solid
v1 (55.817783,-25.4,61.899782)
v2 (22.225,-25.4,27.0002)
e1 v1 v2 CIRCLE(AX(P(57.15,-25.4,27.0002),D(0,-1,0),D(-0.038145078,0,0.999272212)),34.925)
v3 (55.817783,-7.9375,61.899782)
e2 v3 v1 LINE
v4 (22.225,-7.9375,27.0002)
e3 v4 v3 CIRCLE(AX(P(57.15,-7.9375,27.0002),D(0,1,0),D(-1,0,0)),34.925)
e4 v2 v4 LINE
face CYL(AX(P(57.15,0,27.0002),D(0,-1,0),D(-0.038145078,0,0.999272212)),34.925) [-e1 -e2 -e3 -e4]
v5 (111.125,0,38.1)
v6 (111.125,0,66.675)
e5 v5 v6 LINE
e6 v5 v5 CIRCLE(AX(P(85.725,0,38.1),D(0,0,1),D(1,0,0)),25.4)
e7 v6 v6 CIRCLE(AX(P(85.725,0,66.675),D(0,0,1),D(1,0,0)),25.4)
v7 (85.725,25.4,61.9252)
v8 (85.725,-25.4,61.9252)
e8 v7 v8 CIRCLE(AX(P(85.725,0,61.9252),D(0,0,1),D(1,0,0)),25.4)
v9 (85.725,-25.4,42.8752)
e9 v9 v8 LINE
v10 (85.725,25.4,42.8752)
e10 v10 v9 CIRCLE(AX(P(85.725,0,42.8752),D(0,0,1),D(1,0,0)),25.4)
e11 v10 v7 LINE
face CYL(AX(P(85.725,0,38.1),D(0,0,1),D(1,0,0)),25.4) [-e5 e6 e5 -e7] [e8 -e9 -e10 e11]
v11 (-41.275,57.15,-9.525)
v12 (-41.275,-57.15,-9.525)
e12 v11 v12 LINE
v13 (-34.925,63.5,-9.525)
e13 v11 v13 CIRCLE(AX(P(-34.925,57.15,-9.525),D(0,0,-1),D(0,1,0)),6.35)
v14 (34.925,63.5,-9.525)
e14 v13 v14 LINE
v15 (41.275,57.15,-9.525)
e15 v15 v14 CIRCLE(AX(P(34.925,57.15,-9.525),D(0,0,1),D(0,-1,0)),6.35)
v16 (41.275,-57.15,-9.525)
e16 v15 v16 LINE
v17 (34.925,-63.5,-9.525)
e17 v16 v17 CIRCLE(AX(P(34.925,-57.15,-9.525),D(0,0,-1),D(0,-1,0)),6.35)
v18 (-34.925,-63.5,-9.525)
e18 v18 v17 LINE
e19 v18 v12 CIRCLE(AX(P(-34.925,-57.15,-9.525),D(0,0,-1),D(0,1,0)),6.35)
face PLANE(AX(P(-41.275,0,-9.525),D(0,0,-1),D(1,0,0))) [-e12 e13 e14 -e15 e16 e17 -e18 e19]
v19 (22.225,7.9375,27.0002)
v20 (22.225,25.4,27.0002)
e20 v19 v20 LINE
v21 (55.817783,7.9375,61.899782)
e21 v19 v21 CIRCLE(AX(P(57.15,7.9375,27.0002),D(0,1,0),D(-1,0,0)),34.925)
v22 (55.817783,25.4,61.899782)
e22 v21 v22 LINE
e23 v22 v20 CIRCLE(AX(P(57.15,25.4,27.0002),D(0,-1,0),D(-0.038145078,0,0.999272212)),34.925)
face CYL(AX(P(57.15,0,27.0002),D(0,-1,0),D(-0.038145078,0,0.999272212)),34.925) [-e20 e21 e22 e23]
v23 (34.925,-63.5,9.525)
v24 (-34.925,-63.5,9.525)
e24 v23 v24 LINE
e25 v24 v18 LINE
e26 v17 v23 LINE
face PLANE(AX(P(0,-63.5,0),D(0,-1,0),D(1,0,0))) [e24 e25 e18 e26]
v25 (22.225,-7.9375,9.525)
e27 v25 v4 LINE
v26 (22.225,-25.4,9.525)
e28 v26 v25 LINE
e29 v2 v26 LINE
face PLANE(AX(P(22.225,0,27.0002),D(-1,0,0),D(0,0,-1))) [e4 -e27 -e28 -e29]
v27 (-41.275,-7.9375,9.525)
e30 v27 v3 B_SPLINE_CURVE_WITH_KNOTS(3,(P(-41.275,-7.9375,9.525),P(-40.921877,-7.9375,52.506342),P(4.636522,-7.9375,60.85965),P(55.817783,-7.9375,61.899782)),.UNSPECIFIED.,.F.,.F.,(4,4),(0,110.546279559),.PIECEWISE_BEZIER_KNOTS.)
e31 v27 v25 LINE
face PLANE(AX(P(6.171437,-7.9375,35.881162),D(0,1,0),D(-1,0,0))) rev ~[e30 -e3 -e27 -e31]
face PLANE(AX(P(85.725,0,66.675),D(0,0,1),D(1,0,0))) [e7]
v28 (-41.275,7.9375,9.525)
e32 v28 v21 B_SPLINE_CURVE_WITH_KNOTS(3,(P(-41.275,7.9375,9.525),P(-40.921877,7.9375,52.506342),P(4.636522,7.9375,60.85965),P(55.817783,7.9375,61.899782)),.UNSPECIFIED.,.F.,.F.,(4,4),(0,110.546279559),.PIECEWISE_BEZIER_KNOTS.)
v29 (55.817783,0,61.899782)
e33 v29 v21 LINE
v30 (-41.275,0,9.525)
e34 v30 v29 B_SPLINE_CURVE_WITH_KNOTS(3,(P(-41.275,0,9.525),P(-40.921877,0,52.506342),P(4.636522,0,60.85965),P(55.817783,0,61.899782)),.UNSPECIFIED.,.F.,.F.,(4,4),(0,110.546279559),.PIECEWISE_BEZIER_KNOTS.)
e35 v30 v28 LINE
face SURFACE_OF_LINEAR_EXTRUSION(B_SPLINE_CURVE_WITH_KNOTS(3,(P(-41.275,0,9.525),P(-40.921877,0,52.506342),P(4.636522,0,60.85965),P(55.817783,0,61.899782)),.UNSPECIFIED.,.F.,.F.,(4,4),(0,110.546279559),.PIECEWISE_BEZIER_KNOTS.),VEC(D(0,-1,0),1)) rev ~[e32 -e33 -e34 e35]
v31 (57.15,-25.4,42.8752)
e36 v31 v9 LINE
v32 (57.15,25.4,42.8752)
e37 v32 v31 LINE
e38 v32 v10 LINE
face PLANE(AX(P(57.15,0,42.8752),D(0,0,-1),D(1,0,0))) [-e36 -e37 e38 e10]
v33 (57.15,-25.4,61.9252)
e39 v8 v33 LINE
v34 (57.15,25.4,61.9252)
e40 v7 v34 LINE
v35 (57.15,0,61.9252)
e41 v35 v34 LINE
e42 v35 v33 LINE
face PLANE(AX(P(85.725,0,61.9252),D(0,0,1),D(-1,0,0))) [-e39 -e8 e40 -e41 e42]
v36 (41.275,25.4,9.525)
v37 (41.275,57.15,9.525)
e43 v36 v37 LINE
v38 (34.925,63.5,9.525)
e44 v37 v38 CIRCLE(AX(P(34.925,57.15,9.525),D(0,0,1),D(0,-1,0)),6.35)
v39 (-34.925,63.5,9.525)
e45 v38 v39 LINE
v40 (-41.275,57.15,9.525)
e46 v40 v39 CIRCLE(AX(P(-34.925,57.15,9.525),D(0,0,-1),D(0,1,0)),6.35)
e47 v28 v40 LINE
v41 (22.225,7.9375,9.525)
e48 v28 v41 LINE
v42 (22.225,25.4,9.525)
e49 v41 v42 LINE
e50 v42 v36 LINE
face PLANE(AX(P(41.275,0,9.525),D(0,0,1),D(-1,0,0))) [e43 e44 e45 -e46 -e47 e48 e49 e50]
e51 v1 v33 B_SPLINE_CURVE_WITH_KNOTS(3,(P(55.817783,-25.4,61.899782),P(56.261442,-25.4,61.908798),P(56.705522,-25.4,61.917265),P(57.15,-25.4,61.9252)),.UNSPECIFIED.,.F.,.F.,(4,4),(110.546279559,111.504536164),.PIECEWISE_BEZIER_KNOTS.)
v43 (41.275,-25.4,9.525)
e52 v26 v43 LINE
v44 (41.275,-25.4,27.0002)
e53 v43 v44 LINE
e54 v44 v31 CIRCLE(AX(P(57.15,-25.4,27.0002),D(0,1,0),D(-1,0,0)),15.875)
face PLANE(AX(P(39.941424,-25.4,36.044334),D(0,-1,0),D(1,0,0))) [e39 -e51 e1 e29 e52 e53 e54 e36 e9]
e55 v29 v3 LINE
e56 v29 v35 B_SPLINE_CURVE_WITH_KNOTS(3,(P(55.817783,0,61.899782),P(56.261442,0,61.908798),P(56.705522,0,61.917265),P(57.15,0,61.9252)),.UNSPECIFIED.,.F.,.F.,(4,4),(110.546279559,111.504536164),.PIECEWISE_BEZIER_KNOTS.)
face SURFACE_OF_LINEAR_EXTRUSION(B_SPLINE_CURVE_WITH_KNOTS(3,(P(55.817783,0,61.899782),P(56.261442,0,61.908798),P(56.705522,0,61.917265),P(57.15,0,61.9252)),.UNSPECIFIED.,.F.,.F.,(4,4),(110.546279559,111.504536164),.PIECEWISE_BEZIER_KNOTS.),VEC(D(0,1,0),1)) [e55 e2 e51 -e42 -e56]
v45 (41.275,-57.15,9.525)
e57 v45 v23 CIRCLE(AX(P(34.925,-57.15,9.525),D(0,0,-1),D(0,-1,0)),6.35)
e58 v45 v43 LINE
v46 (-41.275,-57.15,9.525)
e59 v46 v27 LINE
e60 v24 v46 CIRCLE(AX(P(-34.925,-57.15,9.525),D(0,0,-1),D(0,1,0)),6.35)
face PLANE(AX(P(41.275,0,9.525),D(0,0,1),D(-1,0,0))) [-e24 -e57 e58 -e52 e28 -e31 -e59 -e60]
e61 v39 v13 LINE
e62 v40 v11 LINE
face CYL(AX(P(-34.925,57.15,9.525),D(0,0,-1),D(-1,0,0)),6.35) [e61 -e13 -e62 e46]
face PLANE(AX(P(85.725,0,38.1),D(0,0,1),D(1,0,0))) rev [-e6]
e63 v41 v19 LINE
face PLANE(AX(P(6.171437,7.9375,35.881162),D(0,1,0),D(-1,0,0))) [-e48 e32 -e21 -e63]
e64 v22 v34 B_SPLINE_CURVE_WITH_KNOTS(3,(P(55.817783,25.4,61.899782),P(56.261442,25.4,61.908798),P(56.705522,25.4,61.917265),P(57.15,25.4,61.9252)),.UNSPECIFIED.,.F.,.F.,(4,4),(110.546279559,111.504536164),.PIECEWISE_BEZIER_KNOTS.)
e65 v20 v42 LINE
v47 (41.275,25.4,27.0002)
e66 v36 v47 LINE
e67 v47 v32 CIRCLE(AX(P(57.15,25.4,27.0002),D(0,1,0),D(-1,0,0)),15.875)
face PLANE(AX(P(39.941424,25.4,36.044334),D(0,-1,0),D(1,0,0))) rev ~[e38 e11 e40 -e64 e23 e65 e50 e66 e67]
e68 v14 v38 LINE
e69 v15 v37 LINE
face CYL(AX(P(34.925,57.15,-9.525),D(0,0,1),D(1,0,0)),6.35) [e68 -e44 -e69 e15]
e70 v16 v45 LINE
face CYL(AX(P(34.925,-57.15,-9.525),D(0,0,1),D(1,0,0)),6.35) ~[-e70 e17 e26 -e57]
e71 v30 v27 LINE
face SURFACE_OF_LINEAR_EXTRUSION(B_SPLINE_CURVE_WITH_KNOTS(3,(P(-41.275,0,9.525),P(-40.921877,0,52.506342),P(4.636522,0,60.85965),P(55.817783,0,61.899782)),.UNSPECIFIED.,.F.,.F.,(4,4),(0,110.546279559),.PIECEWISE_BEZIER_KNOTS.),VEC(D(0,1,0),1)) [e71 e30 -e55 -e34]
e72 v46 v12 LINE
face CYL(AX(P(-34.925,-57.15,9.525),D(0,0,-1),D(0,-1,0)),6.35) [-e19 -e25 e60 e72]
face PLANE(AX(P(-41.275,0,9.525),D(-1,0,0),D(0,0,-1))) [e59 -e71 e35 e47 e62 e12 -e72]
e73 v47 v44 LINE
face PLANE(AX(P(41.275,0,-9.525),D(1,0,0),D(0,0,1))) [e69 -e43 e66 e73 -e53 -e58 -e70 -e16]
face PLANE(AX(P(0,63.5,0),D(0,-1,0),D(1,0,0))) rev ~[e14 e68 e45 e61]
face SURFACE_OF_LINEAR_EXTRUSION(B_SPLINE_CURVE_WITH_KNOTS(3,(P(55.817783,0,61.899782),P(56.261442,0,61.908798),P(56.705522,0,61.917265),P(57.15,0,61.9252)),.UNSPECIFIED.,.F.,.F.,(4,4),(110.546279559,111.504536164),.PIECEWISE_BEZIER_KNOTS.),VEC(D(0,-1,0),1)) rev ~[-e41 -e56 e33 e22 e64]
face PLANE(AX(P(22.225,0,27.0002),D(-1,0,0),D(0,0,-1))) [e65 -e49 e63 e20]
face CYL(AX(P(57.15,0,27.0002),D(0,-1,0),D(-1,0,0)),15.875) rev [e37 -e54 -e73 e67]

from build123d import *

# Parameters (mm, degrees)
F1_DEPTH = 63.5
F0_W     = 25.4
F0_H     = 19.05
F2_DEPTH = 25.4
F3_DEPTH = 7.9375
F4_DEPTH = 25.4
F6_R     = 6.35


with BuildPart() as f1:
    # F0 (on Front) → F1 (new body, symmetric)
    with BuildSketch(Plane.XZ):
        Polygon((-41.275, 9.525), (-41.275, -9.525), (41.275, -9.525), (41.275, 9.525), (22.225, 9.525), align=None)
    extrude(amount=F1_DEPTH, both=True)

    # F0 (on Front) → F2 (join, symmetric)
    with BuildSketch(Plane.XZ):
        with BuildLine():
            Line((22.225, 9.525), (41.275, 9.525))
            Line((41.275, 9.525), (41.275, 27.0002))
            ThreePointArc((41.275, 27.0002), (45.9246798487, 38.2255201513), (57.15, 42.8752))
            Line((57.15, 42.8752), (60.325, 42.8752))
            Line((60.325, 42.8752), (60.325, 61.9252))
            Line((60.325, 61.9252), (57.15, 61.9252))
            add(Edge.make_bspline(
                [(55.8177831664, 61.8997819933), (56.2614415323, 61.9087982491), (56.7055224041, 61.9172649875), (57.15, 61.9252)],
                knots=[110.5462795592, 110.5462795592, 110.5462795592, 110.5462795592, 111.5045361635, 111.5045361635, 111.5045361635, 111.5045361635], degree=3))
            ThreePointArc((55.8177831664, 61.8997819933), (31.9876938864, 51.2203151121), (22.225, 27.0002))
            Line((22.225, 27.0002), (22.225, 9.525))
        make_face()
        with Locations((73.025, 52.4002)):
            Rectangle(F0_W, F0_H)
    extrude(amount=F2_DEPTH, both=True)

    # F0 (on Front) → F3 (join, symmetric)
    with BuildSketch(Plane.XZ):
        with BuildLine():
            add(Edge.make_bspline(
                [(-41.275, 9.525), (-40.9218768846, 52.5063416026), (4.6365217787, 60.8596498155), (55.8177831664, 61.8997819933)],
                knots=[0, 0, 0, 0, 110.5462795592, 110.5462795592, 110.5462795592, 110.5462795592], degree=3))
            Line((-41.275, 9.525), (22.225, 9.525))
            Line((22.225, 9.525), (22.225, 27.0002))
            ThreePointArc((22.225, 27.0002), (31.9876938864, 51.2203151121), (55.8177831664, 61.8997819933))
        make_face()
    extrude(amount=F3_DEPTH, both=True)

    # F0 (on Front) → F4 (join, symmetric)
    with BuildSketch(Plane.XZ):
        with Locations((73.025, 52.4002)):
            Rectangle(F0_W, F0_H)
    extrude(amount=F4_DEPTH, both=True)

    # F0 (on Front) → F5 (revolve)
    with BuildSketch(Plane.XZ):
        Polygon((85.725, 66.675), (85.725, 61.9252), (85.725, 42.8752), (85.725, 38.1), (111.125, 38.1), (111.125, 66.675), align=None)
    revolve(axis=Axis((85.725, 0, 52.3875), (0, 0, 1)))

    # F6
    f6_edges = [f1.edges().sort_by_distance(p)[0] for p in [
        (41.275, -63.5, 0),
        (-41.275, 63.5, 0),
        (-41.275, -63.5, 0),
        (41.275, 63.5, 0),
    ]]
    fillet(f6_edges, radius=F6_R)


solid = f1.part
